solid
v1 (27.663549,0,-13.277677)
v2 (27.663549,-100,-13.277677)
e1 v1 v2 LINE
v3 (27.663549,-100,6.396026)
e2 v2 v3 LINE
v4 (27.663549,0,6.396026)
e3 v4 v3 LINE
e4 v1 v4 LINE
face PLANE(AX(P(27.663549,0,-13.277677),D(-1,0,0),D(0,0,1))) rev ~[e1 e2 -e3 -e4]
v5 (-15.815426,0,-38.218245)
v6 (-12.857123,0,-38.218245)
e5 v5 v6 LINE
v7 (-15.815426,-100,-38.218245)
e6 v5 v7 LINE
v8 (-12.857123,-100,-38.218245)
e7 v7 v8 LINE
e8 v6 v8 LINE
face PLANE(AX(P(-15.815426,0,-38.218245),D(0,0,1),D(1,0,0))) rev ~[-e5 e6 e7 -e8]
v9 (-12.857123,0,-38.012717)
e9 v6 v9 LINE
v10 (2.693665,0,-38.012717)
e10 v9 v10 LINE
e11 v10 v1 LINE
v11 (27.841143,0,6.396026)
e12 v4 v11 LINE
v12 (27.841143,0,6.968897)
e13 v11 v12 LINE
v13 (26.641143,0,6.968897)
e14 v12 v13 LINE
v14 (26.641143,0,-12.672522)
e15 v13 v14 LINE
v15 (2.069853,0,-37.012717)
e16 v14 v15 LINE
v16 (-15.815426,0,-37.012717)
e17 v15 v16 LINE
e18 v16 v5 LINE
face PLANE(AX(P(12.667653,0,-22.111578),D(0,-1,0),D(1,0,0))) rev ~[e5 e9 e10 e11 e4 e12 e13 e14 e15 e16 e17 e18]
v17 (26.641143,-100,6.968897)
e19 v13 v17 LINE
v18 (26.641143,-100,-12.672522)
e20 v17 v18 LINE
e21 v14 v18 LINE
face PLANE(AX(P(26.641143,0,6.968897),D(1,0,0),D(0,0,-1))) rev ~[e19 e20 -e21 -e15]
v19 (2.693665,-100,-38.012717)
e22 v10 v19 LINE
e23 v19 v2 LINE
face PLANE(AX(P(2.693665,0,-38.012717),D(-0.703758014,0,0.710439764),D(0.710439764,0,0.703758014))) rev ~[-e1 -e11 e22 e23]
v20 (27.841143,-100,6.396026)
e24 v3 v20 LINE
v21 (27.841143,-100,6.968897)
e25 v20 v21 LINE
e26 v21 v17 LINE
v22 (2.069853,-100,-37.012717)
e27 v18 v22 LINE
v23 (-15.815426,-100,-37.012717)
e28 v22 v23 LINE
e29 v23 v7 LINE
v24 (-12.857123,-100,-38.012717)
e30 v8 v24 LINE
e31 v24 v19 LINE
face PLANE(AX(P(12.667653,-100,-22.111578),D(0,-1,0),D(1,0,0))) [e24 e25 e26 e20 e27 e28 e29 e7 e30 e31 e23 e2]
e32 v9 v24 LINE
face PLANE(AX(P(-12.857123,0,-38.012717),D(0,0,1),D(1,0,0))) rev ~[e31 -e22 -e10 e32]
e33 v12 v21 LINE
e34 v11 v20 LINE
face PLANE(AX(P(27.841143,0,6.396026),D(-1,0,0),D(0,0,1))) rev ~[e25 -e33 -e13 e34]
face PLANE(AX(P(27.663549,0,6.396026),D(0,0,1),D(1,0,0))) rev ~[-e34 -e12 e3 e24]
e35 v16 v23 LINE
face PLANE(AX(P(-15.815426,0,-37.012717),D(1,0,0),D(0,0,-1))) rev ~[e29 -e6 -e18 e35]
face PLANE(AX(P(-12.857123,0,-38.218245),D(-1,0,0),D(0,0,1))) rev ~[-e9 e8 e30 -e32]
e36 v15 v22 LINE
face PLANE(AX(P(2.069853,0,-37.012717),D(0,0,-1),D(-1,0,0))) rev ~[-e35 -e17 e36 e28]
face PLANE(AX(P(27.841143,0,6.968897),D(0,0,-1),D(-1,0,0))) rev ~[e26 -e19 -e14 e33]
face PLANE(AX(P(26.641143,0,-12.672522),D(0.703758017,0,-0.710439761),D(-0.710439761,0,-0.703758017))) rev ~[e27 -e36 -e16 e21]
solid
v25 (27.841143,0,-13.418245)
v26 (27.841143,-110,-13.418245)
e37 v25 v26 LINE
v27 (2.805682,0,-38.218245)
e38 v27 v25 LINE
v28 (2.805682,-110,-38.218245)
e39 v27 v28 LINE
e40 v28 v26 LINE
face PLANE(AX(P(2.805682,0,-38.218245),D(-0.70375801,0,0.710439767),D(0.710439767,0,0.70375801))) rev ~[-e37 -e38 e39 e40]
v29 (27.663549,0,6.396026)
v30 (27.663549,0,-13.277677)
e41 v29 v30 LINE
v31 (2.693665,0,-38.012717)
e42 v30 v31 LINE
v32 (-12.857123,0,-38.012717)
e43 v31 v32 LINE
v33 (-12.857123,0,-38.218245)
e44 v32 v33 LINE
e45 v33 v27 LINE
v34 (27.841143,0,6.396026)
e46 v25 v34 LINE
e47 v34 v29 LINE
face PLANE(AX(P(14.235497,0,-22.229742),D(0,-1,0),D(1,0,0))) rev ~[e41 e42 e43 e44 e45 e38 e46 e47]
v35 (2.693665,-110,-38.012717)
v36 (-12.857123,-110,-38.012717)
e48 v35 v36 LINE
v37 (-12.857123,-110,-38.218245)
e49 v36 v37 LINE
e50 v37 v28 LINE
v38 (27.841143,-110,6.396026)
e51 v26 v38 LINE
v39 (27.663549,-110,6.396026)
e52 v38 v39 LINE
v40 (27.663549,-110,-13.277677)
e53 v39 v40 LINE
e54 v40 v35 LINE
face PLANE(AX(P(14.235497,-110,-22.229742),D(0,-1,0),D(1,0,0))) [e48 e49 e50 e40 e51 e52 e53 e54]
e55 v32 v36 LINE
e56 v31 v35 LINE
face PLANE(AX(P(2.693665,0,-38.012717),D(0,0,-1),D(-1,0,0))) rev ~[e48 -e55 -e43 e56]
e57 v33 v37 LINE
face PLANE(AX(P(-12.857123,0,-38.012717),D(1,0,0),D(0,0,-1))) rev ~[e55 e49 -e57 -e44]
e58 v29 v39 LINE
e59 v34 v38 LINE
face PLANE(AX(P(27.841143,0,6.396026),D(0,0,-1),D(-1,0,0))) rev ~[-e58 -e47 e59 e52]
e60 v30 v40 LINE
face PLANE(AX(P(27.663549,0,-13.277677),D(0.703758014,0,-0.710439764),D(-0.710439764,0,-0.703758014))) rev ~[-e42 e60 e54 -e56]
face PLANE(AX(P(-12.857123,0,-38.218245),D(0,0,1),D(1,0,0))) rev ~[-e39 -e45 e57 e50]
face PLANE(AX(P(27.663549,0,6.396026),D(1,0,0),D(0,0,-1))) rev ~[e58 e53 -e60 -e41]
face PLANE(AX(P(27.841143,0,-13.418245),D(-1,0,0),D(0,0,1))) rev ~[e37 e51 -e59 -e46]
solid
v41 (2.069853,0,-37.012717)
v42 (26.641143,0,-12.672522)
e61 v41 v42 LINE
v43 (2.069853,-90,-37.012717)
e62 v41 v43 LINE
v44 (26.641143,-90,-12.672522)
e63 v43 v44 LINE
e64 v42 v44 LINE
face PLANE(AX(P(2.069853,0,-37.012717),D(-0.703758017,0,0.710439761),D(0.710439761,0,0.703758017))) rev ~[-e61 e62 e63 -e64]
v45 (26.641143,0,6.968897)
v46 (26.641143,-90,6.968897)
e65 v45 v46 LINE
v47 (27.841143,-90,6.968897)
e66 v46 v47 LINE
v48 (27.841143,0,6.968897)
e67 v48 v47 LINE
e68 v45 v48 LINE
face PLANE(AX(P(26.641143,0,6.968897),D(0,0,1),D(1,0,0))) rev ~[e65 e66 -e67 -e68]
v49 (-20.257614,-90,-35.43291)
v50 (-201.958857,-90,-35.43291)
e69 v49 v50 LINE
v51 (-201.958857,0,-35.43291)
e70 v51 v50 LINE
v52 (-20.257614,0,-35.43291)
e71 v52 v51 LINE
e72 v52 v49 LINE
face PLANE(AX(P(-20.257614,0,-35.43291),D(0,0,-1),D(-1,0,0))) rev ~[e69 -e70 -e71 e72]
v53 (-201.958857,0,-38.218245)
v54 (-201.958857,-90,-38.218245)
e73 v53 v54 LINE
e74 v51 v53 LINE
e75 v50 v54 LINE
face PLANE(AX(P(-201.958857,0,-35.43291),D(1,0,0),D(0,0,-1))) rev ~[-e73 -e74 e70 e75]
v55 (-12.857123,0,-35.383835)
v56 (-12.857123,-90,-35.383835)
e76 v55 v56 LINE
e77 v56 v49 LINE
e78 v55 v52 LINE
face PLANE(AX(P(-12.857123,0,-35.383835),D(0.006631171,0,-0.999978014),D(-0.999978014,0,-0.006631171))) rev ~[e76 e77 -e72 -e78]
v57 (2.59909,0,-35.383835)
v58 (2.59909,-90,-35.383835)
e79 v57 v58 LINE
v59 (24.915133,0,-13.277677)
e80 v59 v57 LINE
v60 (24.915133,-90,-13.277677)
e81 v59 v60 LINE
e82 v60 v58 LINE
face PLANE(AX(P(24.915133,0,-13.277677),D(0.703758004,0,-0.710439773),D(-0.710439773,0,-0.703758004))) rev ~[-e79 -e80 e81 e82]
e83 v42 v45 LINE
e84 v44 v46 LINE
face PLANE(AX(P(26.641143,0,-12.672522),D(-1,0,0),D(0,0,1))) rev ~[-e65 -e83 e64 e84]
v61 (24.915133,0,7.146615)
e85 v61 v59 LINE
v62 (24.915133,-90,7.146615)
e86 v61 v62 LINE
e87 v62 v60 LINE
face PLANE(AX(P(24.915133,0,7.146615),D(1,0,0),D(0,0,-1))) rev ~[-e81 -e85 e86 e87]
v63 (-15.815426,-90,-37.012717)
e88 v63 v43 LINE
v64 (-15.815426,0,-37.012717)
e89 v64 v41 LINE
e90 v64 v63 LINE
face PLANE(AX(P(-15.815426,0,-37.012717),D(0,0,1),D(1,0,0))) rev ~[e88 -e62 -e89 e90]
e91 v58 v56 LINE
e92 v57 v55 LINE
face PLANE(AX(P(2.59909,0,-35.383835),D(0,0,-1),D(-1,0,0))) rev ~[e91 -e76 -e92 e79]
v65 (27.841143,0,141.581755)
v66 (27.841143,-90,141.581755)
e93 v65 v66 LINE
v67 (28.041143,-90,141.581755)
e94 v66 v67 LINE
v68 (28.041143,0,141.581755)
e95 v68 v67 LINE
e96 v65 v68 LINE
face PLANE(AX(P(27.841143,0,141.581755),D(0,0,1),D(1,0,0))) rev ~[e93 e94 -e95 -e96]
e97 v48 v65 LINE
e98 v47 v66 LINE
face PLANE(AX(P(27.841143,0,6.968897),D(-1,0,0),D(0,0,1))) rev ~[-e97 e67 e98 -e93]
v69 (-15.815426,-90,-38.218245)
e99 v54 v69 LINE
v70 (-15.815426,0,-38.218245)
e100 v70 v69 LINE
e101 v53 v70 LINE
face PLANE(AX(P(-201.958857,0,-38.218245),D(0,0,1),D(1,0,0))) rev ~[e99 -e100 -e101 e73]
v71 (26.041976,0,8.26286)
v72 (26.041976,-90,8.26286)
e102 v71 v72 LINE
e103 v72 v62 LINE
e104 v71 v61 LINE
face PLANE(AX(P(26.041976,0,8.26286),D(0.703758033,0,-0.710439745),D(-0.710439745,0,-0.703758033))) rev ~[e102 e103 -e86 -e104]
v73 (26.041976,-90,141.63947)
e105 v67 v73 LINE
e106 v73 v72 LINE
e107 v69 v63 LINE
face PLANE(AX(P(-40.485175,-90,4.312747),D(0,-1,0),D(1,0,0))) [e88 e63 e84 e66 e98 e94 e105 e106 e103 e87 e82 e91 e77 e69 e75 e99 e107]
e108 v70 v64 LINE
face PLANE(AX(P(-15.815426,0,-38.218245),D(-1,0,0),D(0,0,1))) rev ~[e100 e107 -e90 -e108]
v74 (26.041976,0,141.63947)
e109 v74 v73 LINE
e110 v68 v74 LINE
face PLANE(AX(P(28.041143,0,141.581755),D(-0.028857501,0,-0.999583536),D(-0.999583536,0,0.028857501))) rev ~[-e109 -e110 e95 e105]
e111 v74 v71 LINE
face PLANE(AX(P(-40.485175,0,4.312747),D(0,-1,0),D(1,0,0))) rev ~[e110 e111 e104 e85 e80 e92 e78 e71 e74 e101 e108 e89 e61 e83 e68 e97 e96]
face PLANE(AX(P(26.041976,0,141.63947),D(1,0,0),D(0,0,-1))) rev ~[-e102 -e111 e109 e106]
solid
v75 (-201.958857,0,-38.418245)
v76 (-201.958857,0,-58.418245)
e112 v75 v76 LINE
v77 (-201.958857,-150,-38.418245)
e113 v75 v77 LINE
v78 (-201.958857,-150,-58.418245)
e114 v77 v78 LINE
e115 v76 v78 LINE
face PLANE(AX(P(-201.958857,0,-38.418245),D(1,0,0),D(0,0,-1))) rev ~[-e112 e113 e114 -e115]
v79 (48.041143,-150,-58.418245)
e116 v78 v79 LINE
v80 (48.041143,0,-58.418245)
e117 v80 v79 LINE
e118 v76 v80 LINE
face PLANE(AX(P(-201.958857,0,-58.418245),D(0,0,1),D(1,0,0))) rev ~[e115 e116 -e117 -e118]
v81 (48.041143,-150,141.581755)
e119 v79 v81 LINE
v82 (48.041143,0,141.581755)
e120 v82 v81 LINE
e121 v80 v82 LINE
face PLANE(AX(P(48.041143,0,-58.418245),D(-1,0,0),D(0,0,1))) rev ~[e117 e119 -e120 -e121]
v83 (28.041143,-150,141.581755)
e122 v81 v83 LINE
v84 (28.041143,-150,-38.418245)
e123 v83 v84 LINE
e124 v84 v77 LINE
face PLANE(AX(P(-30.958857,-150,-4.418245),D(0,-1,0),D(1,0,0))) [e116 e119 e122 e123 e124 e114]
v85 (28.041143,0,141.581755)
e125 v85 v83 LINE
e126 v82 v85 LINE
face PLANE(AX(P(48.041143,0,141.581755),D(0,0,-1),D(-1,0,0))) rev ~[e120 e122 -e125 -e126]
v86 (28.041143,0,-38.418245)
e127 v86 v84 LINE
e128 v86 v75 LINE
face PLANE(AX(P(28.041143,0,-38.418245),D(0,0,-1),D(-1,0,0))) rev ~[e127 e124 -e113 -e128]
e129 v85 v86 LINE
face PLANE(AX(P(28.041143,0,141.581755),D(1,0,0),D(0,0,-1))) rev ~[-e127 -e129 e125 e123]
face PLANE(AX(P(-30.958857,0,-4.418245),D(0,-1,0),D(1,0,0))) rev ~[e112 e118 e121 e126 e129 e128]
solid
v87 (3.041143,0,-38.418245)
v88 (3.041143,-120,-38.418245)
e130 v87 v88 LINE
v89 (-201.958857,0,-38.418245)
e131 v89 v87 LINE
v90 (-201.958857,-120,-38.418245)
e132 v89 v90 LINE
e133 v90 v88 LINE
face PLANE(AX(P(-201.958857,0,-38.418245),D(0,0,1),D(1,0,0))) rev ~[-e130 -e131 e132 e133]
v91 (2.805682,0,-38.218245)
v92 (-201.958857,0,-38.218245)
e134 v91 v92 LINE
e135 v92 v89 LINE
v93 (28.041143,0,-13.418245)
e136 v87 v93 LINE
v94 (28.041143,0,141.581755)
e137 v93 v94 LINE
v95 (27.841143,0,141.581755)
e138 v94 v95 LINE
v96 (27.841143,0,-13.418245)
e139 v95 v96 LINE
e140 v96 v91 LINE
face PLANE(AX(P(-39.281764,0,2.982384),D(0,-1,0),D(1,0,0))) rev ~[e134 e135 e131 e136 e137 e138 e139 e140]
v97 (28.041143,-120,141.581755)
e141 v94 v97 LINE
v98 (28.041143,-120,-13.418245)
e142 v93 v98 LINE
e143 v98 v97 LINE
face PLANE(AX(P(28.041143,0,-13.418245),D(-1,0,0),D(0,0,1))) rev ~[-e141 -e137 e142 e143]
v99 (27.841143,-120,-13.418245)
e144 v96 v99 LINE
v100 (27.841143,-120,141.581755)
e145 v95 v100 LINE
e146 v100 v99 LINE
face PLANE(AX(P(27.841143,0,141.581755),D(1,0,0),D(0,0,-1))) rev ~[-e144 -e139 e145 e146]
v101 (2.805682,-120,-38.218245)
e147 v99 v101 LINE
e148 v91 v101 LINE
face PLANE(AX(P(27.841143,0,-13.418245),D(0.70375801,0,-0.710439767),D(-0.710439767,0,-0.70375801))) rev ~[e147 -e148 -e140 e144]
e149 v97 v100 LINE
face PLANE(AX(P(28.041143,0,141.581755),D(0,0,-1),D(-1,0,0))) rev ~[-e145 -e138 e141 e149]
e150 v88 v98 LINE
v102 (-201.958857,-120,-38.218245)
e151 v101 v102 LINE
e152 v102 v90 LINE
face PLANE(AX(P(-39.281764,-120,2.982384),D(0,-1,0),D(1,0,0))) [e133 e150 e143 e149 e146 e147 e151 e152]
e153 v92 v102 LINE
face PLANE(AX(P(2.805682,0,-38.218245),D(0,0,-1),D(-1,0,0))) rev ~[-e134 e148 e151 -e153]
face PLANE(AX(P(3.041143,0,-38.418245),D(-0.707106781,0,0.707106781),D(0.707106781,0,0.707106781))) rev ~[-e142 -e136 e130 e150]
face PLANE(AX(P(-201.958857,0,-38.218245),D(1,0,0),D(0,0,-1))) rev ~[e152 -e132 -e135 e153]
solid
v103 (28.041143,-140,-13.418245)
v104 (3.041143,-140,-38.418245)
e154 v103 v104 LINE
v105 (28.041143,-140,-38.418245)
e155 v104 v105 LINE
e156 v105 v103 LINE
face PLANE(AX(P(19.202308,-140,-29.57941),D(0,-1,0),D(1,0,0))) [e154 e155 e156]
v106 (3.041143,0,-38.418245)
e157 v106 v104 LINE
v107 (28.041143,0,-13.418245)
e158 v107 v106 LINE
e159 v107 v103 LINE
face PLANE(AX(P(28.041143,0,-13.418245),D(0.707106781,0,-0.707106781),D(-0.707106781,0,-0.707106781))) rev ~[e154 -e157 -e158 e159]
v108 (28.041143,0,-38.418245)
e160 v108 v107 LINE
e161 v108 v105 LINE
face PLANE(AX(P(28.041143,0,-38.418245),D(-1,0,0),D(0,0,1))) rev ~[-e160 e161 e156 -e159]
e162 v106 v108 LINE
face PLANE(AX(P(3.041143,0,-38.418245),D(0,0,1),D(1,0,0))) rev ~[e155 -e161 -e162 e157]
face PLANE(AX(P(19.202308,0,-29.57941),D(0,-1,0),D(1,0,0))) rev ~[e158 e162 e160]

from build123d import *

# Parameters (mm, degrees)
F1_DEPTH = 150
F2_DEPTH = 140
F3_DEPTH = 120
F4_DEPTH = 110
F5_DEPTH = 100
F6_DEPTH = 90


with BuildPart() as f1:
    # F0 (on Front) → F1 (new body)
    with BuildSketch(Plane.XZ):
        Polygon((3.041143, -38.418245), (-201.958857, -38.418245), (-201.958857, -58.418245), (48.041143, -58.418245), (48.041143, 141.581755), (28.041143, 141.581755), (28.041143, -13.418245), (28.041143, -38.418245), align=None)
    extrude(amount=F1_DEPTH)


with BuildPart() as f2:
    # F0 (on Front) → F2 (new body)
    with BuildSketch(Plane.XZ):
        Polygon((28.041143, -13.418245), (3.041143, -38.418245), (28.041143, -38.418245), align=None)
    extrude(amount=F2_DEPTH)


with BuildPart() as f3:
    # F0 (on Front) → F3 (new body)
    with BuildSketch(Plane.XZ):
        Polygon((-201.958857, -38.218245), (-201.958857, -38.418245), (3.041143, -38.418245), (28.041143, -13.418245), (28.041143, 141.581755), (27.841143, 141.581755), (27.841143, 6.968897), (27.841143, 6.396026), (27.841143, -13.418245), (2.805682, -38.218245), (-12.857123, -38.218245), (-15.815426, -38.218245), align=None)
    extrude(amount=F3_DEPTH)


with BuildPart() as f4:
    # F0 (on Front) → F4 (new body)
    with BuildSketch(Plane.XZ):
        Polygon((-12.857123, -38.012717), (-12.857123, -38.218245), (2.805682, -38.218245), (27.841143, -13.418245), (27.841143, 6.396026), (27.663549, 6.396026), (27.663549, -13.277677), (2.693665, -38.012717), align=None)
    extrude(amount=F4_DEPTH)


with BuildPart() as f5:
    # F0 (on Front) → F5 (new body)
    with BuildSketch(Plane.XZ):
        Polygon((-15.815426, -37.012717), (-15.815426, -38.218245), (-12.857123, -38.218245), (-12.857123, -38.012717), (2.693665, -38.012717), (27.663549, -13.277677), (27.663549, 6.396026), (27.841143, 6.396026), (27.841143, 6.968897), (26.641143, 6.968897), (26.641143, -12.672522), (2.069853, -37.012717), align=None)
    extrude(amount=F5_DEPTH)


with BuildPart() as f6:
    # F0 (on Front) → F6 (new body)
    with BuildSketch(Plane.XZ):
        Polygon((-201.958857, -35.43291), (-201.958857, -38.218245), (-15.815426, -38.218245), (-15.815426, -37.012717), (2.069853, -37.012717), (26.641143, -12.672522), (26.641143, 6.968897), (27.841143, 6.968897), (27.841143, 141.581755), (28.041143, 141.581755), (26.041976, 141.63947), (26.041976, 8.26286), (24.915133, 7.146615), (24.915133, -13.277677), (2.59909, -35.383835), (-12.857123, -35.383835), (-20.257614, -35.43291), align=None)
    extrude(amount=F6_DEPTH)


solid = Compound([f1.part, f2.part, f3.part, f4.part, f5.part, f6.part])
